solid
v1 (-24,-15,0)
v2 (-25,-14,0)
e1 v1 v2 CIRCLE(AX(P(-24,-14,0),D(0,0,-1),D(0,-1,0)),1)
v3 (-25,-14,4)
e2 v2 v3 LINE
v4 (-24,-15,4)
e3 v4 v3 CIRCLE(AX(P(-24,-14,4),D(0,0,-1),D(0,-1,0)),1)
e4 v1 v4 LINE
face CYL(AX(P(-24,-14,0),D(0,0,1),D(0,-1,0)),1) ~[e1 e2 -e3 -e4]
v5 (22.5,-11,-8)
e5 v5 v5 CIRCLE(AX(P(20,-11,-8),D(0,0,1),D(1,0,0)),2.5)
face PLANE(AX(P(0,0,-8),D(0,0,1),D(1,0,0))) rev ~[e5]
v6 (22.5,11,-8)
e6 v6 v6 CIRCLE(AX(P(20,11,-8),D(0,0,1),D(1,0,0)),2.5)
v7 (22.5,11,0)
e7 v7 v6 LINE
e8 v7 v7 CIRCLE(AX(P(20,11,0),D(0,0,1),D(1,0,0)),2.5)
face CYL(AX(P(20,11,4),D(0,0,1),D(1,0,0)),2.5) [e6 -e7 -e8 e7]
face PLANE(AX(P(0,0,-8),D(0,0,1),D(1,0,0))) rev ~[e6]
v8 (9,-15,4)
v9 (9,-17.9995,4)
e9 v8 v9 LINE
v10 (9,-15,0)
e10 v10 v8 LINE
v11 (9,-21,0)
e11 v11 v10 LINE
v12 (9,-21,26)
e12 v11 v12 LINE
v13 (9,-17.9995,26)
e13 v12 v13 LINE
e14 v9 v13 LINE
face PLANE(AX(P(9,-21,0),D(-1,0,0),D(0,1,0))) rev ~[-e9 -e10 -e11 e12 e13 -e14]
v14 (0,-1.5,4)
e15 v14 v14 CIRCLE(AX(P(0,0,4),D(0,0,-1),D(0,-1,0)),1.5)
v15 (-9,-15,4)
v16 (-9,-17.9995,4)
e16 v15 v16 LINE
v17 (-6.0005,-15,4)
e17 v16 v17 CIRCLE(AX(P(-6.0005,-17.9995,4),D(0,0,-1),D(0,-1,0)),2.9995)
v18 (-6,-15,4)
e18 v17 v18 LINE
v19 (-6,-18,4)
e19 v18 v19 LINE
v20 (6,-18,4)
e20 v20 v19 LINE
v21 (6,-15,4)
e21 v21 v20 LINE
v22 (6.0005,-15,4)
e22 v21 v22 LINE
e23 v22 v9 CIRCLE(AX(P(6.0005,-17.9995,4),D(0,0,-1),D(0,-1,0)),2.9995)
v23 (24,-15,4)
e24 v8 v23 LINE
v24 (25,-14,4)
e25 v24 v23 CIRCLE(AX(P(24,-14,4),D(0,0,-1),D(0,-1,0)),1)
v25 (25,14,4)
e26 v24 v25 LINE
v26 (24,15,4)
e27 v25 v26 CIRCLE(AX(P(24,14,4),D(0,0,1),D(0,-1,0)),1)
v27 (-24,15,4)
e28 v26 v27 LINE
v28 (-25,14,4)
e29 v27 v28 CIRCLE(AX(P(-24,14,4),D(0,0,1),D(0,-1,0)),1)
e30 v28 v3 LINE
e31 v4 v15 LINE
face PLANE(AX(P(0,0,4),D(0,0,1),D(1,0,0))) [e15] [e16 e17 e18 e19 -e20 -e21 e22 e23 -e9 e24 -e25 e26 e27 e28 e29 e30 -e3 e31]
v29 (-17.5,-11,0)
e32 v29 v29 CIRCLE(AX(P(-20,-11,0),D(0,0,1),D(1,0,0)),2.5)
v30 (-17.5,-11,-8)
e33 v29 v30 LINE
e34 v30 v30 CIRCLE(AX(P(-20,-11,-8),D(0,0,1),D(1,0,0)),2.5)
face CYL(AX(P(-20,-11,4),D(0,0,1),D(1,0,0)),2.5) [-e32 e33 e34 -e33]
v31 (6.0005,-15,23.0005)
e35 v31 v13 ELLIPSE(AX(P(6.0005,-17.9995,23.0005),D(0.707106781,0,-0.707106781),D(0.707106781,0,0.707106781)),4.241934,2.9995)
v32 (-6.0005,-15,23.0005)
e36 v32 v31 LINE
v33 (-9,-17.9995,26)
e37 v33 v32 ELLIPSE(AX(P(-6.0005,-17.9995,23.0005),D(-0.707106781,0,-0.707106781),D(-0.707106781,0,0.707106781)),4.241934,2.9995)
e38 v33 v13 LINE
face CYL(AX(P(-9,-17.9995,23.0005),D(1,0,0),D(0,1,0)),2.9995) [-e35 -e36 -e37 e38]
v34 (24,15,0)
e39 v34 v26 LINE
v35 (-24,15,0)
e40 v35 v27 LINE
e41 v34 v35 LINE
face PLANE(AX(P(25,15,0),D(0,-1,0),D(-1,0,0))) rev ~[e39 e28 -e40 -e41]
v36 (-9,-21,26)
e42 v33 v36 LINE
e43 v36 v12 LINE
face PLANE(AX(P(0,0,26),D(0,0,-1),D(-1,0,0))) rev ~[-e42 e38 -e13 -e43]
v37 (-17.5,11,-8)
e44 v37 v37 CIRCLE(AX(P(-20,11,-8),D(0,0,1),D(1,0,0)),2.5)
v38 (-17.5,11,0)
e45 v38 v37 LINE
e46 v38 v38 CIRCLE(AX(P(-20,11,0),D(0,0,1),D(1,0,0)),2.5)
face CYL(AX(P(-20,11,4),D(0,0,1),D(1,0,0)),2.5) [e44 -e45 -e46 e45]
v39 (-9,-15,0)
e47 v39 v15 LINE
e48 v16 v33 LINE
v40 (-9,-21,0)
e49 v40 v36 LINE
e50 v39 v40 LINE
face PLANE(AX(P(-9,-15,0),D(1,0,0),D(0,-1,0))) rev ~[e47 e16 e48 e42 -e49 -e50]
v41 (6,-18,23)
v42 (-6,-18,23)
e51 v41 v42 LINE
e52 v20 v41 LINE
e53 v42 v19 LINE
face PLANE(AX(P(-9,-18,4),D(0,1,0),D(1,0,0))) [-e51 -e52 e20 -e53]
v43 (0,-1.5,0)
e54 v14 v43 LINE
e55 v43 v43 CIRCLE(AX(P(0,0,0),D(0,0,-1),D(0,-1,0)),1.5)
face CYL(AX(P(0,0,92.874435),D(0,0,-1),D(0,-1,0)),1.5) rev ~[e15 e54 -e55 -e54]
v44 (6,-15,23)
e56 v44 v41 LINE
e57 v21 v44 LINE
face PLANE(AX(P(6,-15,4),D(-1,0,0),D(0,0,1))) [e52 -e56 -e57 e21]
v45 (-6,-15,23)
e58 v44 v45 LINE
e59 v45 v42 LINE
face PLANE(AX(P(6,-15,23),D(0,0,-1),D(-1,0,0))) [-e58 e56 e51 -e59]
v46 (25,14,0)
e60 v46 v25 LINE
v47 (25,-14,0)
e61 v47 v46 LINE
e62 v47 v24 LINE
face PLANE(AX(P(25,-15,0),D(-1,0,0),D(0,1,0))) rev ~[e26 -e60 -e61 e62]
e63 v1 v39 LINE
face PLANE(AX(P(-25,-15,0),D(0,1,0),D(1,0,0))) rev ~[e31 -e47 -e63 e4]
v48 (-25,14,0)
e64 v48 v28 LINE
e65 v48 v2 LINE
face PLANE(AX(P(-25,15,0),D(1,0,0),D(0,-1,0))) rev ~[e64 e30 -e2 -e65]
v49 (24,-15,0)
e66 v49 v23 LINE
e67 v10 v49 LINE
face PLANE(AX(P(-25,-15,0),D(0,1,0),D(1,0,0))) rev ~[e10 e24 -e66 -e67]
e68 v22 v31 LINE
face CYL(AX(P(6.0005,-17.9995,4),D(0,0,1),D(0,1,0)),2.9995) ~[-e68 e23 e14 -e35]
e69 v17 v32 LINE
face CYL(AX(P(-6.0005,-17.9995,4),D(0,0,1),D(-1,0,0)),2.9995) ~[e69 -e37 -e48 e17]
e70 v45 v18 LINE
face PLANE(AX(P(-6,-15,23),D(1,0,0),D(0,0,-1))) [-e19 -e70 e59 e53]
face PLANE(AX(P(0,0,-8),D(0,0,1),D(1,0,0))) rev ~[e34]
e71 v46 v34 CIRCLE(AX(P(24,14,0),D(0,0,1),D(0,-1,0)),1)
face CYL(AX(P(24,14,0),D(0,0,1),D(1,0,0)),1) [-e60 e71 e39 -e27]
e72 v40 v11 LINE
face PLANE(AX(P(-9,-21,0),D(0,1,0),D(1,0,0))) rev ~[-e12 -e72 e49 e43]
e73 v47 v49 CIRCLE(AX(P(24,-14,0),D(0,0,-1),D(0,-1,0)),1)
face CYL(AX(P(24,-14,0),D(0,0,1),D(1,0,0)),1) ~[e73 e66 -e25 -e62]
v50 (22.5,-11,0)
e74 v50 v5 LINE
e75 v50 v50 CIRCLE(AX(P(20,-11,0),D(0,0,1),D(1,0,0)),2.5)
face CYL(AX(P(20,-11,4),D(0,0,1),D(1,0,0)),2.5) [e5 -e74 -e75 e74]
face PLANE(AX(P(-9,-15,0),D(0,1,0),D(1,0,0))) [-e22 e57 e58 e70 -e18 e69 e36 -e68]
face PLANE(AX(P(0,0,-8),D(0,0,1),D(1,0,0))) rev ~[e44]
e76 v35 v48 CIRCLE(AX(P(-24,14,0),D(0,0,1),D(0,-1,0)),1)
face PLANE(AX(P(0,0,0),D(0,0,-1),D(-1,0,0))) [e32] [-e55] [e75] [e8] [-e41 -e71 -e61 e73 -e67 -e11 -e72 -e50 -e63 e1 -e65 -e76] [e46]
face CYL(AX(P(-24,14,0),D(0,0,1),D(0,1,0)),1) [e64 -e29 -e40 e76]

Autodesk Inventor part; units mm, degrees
ref_plane "YZ Plane" through (0, 0, 0) normal (1, 0, 0) x (0, 1, 0)
ref_plane "XZ Plane" through (0, 0, 0) normal (0, 1, 0) x (-1, 0, 0)
ref_plane "XY Plane" through (0, 0, 0) normal (0, 0, 1) x (1, 0, 0)
sketch "Sketch1" plane through (0, 0, 0) normal (0, 0, 1) x (1, 0, 0)
  line L0 (25, 15) -> (-25, 15)
  line L1 (-25, 15) -> (-25, -15)
  line L2 (-25, -15) -> (25, -15)
  line L3 (25, -15) -> (25, 15)
  line L4 (25, 15) -> (-25, -15) construction
  line L5 (-25, 15) -> (25, -15) construction
  point P0 (0, 0)
  dimension "d0" = 50
  dimension "d1" = 30
extrude "Extrusion1" add sketch "Sketch1" along normal blind 4
fillet "Fillet1" radius 1 1 edges at (25, 15, 2)
fillet "Fillet2" radius 1 3 edges at (-25, 15, 2) (25, -15, 2) (-25, -15, 2)
sketch "Sketch4" plane through (0, 0, 4) normal (0, 0, 1) x (1, 0, 0)
  circle A0 centre (0, 0) radius 1.5
  dimension "d19" = 3
hole "Hole2" at (0, 0, 4) direction (0, 0, -1) diameter 3 end through all both
sketch "Sketch6" plane through (0, 0, 4) normal (0, 0, 1) x (1, 0, 0)
  circle A0 centre (-20, 11) radius 2.5
  circle A1 centre (20, 11) radius 2.5
  circle A2 centre (-20, -11) radius 2.5
  circle A3 centre (20, -11) radius 2.5
  line L0 (25, -14) -> (25, 14) projected
  line L1 (-25, 14) -> (-25, -14) projected
  line L2 (24, 15) -> (-24, 15) projected
  line L3 (-24, -15) -> (24, -15) projected
  point P0 (0, 0)
  dimension "d27" = 5
  dimension "d28" = 5
  dimension "d29" = 5
  dimension "d30" = 5
  dimension "d38" = 5
  dimension "d39" = 5
  dimension "d40" = 5
  dimension "d41" = 5
  dimension "d42" = 4
  dimension "d43" = 4
  dimension "d44" = 4
  dimension "d45" = 4
sketch "Sketch18" plane through (0, 0, 0) normal (0, 0, -1) x (-1, 0, 0)
  point P0 (0, 0)
extrude "Extrusion10" add sketch "Sketch6" against normal blind 12
sketch "Sketch19" plane through (0, 0, 0) normal (0, 0, -1) x (-1, 0, 0)
  line L0 (24, -15) -> (-24, -15) projected
  line L1 (-9, -15) -> (9, -15)
  line L2 (9, -15) -> (9, -21)
  line L3 (9, -21) -> (-9, -21)
  line L4 (-9, -21) -> (-9, -15)
  point P0 (0, 0)
  dimension "d84" = 18
  dimension "d85" = 6
extrude "Extrusion11" add sketch "Sketch19" against normal blind 26
sketch "Sketch20" plane through (-9, -15, 4) normal (0, 1, 0) x (1, 0, 0)
  point P0 (9, 4)
sketch "Sketch21" plane through (-9, -15, 4) normal (0, 1, 0) x (1, 0, 0)
  line L0 (33, 0) -> (-15, 0) projected
  line L1 (3, 0) -> (15, 0)
  line L2 (15, 0) -> (15, -19)
  line L3 (15, -19) -> (3, -19)
  line L4 (3, -19) -> (3, 0)
  point P0 (9, 4)
  dimension "d88" = 12
  dimension "d89" = 19
extrude "Extrusion12" cut sketch "Sketch21" against normal blind 3
fillet "Fillet11" radius 3 3 edges at (-9, -15, 15) (9, -15, 15) (0, -15, 26)
properties part number "reward v06"
